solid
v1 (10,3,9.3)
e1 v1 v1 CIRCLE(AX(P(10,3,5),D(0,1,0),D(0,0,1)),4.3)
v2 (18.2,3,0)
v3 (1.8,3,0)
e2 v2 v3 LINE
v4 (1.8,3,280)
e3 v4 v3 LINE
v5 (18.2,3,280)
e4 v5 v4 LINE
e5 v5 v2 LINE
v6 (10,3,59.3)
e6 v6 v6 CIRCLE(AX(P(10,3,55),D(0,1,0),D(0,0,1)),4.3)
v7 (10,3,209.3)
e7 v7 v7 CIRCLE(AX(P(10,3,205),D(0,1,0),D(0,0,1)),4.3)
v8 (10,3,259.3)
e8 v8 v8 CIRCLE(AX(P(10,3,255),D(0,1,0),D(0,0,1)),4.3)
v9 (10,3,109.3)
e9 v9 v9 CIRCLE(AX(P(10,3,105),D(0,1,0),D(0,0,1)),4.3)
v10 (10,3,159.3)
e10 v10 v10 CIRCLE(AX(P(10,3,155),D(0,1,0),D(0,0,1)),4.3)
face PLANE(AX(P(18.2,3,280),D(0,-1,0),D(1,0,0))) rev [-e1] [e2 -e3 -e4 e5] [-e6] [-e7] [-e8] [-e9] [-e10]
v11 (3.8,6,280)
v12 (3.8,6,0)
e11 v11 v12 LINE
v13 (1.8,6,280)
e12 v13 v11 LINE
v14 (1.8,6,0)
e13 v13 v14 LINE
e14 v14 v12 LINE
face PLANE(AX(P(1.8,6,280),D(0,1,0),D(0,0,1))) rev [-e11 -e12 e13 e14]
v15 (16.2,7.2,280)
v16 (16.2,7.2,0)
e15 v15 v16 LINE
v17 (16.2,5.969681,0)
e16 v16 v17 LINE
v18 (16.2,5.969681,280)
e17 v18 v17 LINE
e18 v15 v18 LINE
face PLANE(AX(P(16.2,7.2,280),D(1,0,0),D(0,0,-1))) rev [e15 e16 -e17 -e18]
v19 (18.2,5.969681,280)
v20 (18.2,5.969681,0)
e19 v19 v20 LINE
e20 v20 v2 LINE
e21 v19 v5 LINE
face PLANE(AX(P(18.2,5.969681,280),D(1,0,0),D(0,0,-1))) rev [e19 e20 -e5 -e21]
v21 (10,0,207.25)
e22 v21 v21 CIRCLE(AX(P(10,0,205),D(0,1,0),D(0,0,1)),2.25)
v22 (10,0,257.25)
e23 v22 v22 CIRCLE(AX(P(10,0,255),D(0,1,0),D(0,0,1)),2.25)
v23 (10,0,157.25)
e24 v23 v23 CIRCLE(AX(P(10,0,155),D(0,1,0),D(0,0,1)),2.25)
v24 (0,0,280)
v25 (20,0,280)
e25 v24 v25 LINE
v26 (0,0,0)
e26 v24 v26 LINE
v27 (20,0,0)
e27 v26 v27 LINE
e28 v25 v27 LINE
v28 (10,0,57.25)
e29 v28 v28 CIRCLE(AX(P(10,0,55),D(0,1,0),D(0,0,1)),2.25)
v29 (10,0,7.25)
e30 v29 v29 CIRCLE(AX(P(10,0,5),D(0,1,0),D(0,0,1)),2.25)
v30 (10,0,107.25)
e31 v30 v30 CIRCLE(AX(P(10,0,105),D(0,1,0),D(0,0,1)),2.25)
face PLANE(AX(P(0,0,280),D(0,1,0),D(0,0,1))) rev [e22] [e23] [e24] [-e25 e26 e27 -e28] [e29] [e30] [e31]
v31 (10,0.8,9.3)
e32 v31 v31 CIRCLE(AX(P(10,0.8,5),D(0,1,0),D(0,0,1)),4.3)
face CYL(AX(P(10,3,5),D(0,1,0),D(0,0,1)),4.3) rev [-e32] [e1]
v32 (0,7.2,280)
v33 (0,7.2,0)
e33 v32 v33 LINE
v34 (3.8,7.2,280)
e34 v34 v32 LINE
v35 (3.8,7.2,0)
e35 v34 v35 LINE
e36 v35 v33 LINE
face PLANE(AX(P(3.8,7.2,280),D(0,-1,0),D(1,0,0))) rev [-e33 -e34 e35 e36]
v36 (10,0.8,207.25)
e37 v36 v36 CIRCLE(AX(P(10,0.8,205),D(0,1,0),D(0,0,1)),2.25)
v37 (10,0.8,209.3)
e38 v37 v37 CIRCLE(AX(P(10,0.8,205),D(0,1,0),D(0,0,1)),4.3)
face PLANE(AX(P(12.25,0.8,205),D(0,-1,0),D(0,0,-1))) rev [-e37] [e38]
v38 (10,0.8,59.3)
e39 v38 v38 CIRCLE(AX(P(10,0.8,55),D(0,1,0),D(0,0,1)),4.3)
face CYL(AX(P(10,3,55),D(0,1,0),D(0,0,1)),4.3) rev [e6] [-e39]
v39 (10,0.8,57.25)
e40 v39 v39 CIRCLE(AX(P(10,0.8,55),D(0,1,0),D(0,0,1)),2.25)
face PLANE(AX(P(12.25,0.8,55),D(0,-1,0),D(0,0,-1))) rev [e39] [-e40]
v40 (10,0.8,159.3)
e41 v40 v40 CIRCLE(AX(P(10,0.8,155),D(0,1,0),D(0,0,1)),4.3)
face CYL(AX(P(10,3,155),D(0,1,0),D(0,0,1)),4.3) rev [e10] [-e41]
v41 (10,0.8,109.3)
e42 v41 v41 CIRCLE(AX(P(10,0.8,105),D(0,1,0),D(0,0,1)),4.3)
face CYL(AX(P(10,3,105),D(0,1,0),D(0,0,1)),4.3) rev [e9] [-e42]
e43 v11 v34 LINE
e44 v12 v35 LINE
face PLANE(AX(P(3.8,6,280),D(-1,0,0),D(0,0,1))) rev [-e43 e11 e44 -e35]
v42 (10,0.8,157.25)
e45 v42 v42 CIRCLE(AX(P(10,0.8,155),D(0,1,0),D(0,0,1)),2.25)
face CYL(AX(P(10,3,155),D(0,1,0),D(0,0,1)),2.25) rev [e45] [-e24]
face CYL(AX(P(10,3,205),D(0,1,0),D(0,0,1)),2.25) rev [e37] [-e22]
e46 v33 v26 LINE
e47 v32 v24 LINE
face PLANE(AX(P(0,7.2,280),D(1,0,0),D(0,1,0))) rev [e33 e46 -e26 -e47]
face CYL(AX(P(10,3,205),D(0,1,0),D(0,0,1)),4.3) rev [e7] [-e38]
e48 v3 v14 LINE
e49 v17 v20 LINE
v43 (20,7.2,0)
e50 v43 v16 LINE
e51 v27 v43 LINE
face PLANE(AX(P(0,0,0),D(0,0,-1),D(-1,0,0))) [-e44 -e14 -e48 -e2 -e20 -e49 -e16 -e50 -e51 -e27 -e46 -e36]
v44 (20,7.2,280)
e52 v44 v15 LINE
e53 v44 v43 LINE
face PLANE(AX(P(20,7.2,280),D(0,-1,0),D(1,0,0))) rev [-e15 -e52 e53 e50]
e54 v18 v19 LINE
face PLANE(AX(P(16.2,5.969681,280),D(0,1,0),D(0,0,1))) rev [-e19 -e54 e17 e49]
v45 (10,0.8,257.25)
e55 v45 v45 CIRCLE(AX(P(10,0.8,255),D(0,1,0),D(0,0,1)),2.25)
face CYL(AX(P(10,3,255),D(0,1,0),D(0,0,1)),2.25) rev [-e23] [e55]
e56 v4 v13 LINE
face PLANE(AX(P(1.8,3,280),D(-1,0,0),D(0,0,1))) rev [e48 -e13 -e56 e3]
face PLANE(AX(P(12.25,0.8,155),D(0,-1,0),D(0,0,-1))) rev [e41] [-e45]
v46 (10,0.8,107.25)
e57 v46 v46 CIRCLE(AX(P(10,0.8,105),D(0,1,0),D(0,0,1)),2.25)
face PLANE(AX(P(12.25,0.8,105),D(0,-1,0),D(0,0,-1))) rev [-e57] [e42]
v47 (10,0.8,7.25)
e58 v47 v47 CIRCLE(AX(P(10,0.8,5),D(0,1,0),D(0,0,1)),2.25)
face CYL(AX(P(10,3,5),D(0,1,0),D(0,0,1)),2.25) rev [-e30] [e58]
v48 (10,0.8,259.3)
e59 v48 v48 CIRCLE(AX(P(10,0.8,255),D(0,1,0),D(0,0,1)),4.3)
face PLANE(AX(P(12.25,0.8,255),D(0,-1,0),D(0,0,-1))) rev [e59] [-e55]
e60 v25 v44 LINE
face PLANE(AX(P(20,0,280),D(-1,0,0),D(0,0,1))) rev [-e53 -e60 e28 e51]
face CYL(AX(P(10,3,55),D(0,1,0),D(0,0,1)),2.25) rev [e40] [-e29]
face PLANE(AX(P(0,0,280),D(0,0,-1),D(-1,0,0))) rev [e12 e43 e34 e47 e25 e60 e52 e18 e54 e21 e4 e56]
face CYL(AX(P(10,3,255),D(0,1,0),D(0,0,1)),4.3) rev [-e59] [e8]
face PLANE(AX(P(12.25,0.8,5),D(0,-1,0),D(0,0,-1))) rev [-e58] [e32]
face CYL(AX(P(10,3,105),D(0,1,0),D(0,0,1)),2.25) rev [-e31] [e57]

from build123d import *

# Parameters (mm, degrees)
EXTRUDE_2_DEPTH              = 280
HOLE_WIZARD_M4_1_D           = 4.5
HOLE_WIZARD_M4_1_CBORE_D     = 8.6
HOLE_WIZARD_M4_1_CBORE_DEPTH = 2.2
HOLE_WIZARD_M4_3_D           = 4.5
HOLE_WIZARD_M4_3_CBORE_D     = 8.6
HOLE_WIZARD_M4_3_CBORE_DEPTH = 2.2


with BuildPart() as part:
    # ｽｹｯﾁ1 → ﾎﾞｽ - 押し出し2 (new body)
    with BuildSketch(Plane.XY):
        Polygon((0, 0), (20, 0), (20, 7.2), (16.2, 7.2), (16.2, 5.969681415), (18.2, 5.969681415), (18.2, 3), (1.8, 3), (1.8, 6), (3.8, 6), (3.8, 7.2), (0, 7.2), align=None)
    extrude(amount=EXTRUDE_2_DEPTH)

    # M4 丸押えねじ用座ぐり穴1 (through all)
    with Locations(Plane(origin=(0, 3, 0), x_dir=(1, 0, 0), z_dir=(0, 1, 0))):
        with Locations((10, -255), (10, -205), (10, -155), (10, -105), (10, -55)):
            CounterBoreHole(HOLE_WIZARD_M4_1_D / 2, HOLE_WIZARD_M4_1_CBORE_D / 2, HOLE_WIZARD_M4_1_CBORE_DEPTH)

    # M4 丸押えねじ用座ぐり穴3 (through all)
    with Locations(Plane(origin=(0, 3, 0), x_dir=(1, 0, 0), z_dir=(0, 1, 0))):
        with Locations((10, -5)):
            CounterBoreHole(HOLE_WIZARD_M4_3_D / 2, HOLE_WIZARD_M4_3_CBORE_D / 2, HOLE_WIZARD_M4_3_CBORE_DEPTH)


solid = part.part
